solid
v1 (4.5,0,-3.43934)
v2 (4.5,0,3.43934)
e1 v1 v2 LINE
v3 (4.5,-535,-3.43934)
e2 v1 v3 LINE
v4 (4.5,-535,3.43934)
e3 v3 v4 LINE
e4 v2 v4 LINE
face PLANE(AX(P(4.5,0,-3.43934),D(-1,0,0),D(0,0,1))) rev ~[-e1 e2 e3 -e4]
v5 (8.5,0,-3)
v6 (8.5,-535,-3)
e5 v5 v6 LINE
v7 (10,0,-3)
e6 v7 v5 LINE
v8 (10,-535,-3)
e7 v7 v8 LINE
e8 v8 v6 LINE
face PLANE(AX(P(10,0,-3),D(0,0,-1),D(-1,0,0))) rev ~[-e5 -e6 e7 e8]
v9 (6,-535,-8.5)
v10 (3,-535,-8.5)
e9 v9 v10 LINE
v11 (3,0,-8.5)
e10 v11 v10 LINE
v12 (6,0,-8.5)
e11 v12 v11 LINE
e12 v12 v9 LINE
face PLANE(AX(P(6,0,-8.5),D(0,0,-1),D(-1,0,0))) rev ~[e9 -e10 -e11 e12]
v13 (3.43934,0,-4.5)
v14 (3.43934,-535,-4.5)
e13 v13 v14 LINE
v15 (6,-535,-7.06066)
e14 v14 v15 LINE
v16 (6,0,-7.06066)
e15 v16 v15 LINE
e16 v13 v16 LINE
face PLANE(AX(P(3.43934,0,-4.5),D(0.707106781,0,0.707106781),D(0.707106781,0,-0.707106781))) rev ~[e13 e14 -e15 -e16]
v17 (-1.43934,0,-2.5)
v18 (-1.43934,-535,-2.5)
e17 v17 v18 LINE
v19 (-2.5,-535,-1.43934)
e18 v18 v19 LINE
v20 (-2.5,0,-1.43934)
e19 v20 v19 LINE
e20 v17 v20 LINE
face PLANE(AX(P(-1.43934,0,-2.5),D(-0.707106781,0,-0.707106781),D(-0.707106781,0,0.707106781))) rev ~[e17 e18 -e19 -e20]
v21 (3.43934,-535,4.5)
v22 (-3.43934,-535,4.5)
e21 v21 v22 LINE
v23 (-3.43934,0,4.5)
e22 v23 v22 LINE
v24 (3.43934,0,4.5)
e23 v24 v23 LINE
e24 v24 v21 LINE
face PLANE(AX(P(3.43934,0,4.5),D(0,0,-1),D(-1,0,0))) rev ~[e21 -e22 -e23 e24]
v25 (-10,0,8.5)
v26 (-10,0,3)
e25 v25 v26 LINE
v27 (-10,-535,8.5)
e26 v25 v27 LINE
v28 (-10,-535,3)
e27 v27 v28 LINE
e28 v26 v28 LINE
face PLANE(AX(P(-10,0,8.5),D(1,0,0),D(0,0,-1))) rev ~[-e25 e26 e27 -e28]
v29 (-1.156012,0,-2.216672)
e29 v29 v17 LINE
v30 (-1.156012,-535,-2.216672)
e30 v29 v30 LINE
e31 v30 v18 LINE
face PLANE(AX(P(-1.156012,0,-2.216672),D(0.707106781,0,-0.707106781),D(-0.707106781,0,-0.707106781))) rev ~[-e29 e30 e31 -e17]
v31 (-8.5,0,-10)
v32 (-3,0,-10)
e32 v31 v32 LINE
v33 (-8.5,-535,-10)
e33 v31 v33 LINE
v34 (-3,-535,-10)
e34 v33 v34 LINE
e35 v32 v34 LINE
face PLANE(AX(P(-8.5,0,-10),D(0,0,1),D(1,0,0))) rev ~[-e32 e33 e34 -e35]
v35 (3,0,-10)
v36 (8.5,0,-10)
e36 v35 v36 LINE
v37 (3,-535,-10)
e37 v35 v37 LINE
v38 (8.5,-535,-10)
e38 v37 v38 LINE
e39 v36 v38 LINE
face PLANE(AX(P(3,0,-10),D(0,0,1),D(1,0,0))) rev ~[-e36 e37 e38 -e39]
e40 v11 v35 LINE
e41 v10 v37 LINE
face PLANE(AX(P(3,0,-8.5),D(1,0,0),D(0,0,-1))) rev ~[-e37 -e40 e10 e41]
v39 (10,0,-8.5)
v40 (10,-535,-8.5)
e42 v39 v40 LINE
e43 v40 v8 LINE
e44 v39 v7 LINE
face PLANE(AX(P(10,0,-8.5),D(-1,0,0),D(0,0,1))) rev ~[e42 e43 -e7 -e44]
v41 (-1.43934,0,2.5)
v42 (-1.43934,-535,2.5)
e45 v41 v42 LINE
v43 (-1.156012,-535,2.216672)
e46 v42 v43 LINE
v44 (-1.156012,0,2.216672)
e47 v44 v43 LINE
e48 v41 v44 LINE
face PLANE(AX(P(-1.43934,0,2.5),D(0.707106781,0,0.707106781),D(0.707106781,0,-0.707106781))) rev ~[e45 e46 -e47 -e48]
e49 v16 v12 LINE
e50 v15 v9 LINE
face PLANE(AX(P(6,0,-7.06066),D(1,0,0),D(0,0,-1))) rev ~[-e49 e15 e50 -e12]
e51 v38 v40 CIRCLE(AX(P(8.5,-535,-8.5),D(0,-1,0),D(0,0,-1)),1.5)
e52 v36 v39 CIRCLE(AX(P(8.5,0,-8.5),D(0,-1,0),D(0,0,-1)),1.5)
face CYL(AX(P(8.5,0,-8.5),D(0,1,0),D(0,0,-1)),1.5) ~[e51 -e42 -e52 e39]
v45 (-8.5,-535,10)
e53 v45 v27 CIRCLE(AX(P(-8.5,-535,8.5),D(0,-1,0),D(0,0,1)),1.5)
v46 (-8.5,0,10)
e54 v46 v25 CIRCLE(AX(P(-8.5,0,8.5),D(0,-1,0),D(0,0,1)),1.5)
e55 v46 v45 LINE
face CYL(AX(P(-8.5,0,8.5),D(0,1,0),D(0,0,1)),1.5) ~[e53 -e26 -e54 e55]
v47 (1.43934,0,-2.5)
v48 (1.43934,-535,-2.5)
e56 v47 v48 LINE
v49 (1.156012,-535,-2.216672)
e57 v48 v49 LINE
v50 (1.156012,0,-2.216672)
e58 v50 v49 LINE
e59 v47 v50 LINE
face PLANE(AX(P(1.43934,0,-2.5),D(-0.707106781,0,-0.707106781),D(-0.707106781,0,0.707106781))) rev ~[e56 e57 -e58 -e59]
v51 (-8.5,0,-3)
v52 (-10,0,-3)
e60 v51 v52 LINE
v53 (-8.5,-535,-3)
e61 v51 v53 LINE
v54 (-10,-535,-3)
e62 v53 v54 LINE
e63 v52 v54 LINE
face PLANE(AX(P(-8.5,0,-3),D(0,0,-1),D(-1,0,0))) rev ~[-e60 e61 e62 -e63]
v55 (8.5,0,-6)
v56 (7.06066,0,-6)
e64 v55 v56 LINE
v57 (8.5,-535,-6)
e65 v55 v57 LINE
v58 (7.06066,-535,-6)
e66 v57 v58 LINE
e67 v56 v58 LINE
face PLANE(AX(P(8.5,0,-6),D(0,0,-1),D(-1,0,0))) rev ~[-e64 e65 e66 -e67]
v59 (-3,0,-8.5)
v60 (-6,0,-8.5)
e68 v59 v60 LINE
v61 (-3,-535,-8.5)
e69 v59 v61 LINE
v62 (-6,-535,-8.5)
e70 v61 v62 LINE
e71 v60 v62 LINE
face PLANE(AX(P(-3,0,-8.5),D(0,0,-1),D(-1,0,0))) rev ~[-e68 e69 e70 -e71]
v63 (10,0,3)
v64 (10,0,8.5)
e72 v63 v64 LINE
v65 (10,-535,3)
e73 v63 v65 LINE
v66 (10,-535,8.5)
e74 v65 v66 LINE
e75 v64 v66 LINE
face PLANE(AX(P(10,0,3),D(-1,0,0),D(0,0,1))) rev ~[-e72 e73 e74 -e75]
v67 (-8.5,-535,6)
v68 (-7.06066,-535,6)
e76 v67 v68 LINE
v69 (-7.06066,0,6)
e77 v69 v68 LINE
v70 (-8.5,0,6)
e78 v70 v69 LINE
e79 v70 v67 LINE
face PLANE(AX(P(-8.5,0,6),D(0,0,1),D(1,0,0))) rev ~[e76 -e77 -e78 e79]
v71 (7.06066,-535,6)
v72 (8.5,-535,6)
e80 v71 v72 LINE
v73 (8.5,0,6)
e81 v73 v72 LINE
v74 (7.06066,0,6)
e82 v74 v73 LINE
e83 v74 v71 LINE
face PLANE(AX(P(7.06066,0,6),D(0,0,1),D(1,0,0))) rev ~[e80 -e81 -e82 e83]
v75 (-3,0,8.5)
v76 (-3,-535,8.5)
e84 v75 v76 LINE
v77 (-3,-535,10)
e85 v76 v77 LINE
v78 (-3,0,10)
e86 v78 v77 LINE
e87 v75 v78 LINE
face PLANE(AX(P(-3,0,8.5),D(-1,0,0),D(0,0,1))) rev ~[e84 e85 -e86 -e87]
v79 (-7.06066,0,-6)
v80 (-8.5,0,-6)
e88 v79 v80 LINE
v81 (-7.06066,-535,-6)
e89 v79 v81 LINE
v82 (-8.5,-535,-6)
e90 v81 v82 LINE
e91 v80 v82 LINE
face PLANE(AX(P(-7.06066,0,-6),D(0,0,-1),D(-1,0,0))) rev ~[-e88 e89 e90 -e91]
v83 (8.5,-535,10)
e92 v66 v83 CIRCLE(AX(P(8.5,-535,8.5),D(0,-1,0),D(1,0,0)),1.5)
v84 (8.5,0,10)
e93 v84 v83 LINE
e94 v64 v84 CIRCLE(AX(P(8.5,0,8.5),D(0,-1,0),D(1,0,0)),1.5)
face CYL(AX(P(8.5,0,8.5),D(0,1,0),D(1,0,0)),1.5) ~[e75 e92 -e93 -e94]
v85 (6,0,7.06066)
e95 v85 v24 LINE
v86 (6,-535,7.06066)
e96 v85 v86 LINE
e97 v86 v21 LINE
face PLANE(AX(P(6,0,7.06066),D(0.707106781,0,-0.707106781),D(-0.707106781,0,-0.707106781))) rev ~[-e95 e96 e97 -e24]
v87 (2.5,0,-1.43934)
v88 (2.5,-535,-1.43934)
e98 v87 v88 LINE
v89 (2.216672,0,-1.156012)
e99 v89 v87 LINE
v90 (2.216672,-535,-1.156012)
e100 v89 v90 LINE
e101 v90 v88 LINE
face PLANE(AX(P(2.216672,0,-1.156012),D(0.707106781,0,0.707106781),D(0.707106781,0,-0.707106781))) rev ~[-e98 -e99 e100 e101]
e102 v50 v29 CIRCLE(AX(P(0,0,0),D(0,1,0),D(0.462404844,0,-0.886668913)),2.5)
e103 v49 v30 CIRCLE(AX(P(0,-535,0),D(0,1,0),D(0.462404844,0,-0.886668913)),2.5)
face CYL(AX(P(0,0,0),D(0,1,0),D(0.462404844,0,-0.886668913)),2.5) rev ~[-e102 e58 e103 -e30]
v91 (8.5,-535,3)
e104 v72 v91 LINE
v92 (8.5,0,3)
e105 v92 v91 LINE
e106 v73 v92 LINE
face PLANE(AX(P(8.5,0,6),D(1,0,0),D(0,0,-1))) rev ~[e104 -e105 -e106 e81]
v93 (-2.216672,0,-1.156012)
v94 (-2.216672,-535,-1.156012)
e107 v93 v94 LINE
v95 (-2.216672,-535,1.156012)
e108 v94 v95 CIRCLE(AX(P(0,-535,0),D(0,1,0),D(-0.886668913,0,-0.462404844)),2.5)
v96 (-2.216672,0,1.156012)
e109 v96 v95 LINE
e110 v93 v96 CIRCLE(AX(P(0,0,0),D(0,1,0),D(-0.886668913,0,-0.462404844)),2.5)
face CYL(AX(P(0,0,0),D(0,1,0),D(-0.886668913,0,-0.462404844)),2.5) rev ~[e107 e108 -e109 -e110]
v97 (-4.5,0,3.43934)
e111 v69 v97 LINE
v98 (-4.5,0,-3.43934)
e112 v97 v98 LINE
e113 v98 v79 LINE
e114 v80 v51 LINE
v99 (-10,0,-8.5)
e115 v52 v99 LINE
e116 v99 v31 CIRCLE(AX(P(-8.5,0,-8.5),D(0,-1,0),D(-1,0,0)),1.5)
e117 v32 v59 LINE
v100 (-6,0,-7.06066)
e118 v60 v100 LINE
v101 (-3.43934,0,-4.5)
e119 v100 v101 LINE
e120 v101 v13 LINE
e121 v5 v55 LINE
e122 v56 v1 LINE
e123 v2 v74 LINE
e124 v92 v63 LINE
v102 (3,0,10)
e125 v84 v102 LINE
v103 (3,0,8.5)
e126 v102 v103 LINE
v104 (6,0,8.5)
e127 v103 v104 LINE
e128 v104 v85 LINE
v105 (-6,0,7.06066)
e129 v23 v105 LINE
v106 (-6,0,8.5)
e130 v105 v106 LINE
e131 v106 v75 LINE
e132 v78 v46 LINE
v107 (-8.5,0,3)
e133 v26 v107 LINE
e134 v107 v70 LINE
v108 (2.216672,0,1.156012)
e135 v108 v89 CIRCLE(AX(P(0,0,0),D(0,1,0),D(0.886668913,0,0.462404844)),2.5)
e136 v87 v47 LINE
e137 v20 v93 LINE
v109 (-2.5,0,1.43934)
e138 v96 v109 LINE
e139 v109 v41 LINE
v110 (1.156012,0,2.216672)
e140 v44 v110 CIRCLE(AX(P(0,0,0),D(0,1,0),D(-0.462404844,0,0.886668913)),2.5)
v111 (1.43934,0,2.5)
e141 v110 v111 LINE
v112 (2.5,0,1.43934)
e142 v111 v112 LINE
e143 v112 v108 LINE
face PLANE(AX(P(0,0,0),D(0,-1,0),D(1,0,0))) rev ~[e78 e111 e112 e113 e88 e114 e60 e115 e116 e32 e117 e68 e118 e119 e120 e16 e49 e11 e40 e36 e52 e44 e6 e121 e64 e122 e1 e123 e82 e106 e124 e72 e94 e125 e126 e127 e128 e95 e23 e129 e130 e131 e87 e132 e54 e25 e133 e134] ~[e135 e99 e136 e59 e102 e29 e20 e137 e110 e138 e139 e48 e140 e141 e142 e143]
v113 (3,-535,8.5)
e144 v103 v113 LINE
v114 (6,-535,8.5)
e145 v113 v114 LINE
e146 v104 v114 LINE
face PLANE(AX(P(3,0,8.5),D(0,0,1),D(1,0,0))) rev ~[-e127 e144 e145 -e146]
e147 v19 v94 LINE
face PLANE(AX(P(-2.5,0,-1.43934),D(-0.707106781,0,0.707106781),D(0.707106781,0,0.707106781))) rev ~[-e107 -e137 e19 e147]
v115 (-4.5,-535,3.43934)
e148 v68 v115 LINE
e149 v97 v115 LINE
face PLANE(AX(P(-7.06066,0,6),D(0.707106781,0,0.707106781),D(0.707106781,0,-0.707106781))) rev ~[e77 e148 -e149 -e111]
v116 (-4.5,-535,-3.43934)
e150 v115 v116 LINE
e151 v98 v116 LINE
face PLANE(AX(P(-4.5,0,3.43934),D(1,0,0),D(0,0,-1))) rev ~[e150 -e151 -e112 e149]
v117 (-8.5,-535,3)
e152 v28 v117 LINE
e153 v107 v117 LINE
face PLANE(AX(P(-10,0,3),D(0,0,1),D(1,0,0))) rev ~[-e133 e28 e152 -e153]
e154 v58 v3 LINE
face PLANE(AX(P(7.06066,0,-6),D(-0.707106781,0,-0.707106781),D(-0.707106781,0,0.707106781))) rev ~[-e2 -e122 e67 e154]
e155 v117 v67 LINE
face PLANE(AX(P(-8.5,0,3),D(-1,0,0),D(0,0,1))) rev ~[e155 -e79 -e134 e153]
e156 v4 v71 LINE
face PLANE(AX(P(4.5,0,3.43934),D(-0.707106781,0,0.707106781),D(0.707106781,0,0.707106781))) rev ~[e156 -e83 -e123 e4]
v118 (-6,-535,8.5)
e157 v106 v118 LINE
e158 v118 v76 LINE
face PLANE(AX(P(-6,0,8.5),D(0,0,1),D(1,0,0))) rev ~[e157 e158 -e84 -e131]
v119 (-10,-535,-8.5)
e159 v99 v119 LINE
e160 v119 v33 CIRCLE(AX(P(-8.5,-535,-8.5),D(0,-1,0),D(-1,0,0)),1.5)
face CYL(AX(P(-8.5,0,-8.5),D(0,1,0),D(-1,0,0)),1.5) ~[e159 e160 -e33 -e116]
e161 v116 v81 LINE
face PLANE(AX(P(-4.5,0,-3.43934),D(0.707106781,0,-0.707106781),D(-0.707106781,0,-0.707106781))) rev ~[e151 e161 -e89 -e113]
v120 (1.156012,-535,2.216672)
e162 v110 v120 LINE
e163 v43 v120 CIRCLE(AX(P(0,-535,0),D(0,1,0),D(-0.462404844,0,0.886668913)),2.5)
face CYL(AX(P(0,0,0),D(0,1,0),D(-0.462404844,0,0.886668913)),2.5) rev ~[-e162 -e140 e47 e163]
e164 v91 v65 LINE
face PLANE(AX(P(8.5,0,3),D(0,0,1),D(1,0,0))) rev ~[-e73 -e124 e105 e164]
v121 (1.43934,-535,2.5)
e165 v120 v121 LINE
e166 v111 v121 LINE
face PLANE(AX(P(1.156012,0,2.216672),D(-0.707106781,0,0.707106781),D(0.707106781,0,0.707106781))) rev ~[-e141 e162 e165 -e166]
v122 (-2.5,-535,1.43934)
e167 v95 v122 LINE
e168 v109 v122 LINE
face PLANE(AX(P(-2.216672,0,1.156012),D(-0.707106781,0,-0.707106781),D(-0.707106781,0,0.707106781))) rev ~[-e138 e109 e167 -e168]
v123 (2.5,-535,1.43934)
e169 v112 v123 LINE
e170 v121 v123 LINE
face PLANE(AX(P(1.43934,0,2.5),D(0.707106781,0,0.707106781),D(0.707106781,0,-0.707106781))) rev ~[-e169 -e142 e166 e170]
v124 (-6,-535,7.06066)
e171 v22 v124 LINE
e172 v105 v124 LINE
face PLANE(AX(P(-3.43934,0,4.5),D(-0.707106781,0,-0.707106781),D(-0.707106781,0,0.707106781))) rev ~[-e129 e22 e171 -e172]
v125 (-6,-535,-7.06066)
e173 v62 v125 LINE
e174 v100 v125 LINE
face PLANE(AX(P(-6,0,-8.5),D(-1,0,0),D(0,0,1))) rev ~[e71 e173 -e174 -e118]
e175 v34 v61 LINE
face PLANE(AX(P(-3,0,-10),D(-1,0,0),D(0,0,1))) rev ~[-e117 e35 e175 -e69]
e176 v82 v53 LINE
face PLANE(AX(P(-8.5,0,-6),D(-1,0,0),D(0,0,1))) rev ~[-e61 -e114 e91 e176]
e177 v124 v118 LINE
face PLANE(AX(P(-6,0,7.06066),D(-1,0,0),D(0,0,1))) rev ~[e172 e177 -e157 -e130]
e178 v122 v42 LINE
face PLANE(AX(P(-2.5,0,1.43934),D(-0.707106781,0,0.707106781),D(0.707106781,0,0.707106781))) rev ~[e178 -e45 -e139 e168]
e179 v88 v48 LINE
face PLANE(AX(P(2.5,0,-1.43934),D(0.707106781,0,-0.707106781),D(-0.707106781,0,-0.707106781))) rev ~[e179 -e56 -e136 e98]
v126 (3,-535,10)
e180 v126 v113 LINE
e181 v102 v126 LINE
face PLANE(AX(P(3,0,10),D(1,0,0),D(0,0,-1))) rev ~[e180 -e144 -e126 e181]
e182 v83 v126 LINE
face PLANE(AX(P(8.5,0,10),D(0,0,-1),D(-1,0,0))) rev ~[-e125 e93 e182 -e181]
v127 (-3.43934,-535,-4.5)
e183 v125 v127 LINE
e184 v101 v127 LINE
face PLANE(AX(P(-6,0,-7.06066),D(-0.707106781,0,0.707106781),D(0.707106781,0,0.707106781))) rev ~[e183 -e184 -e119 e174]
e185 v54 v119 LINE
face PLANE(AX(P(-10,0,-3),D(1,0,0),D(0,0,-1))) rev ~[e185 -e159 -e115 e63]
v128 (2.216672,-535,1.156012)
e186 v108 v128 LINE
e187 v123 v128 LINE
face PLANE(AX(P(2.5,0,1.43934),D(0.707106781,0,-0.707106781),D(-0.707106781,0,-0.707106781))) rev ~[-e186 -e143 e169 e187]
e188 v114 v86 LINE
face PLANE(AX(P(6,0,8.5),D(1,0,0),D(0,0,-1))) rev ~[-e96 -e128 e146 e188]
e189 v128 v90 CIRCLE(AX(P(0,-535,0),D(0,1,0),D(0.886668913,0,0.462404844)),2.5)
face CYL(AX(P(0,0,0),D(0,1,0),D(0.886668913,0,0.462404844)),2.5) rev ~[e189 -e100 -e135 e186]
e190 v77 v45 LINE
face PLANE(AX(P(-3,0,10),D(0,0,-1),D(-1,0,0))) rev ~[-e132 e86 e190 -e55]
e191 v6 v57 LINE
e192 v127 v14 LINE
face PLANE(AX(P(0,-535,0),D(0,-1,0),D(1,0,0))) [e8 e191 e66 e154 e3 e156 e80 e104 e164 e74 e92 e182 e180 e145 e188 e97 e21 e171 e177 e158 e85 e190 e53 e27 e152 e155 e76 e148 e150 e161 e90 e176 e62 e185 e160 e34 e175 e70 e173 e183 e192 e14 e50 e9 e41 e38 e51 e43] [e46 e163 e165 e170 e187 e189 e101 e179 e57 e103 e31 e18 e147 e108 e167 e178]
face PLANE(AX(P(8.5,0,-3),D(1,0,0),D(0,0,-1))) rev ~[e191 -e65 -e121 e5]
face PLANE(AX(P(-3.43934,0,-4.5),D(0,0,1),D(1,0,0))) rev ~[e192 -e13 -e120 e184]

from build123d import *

# Parameters (mm, degrees)
F1_DEPTH = 535


with BuildPart() as f1:
    # F0 (on Front) → F1 (new body)
    with BuildSketch(Plane.XZ):
        with BuildLine():
            Line((3, -10), (8.5, -10))
            ThreePointArc((8.5, -10), (9.5606601718, -9.5606601718), (10, -8.5))
            Line((10, -8.5), (10, -3))
            Line((10, -3), (8.5, -3))
            Line((8.5, -3), (8.5, -6))
            Line((8.5, -6), (7.0606601718, -6))
            Line((7.0606601718, -6), (4.5, -3.4393398282))
            Line((4.5, -3.4393398282), (4.5, 3.4393398282))
            Line((4.5, 3.4393398282), (7.0606601718, 6))
            Line((7.0606601718, 6), (8.5, 6))
            Line((8.5, 6), (8.5, 3))
            Line((8.5, 3), (10, 3))
            Line((10, 3), (10, 8.5))
            ThreePointArc((10, 8.5), (9.5606601718, 9.5606601718), (8.5, 10))
            Line((8.5, 10), (3, 10))
            Line((3, 10), (3, 8.5))
            Line((3, 8.5), (6, 8.5))
            Line((6, 8.5), (6, 7.0606601718))
            Line((6, 7.0606601718), (3.4393398282, 4.5))
            Line((3.4393398282, 4.5), (-3.4393398282, 4.5))
            Line((-3.4393398282, 4.5), (-6, 7.0606601718))
            Line((-6, 7.0606601718), (-6, 8.5))
            Line((-6, 8.5), (-3, 8.5))
            Line((-3, 8.5), (-3, 10))
            Line((-3, 10), (-8.5, 10))
            ThreePointArc((-8.5, 10), (-9.5606601718, 9.5606601718), (-10, 8.5))
            Line((-10, 8.5), (-10, 3))
            Line((-10, 3), (-8.5, 3))
            Line((-8.5, 3), (-8.5, 6))
            Line((-8.5, 6), (-7.0606601718, 6))
            Line((-7.0606601718, 6), (-4.5, 3.4393398282))
            Line((-4.5, 3.4393398282), (-4.5, -3.4393398282))
            Line((-4.5, -3.4393398282), (-7.0606601718, -6))
            Line((-7.0606601718, -6), (-8.5, -6))
            Line((-8.5, -6), (-8.5, -3))
            Line((-8.5, -3), (-10, -3))
            Line((-10, -3), (-10, -8.5))
            ThreePointArc((-10, -8.5), (-9.5606601718, -9.5606601718), (-8.5, -10))
            Line((-8.5, -10), (-3, -10))
            Line((-3, -10), (-3, -8.5))
            Line((-3, -8.5), (-6, -8.5))
            Line((-6, -8.5), (-6, -7.0606601718))
            Line((-6, -7.0606601718), (-3.4393398282, -4.5))
            Line((-3.4393398282, -4.5), (3.4393398282, -4.5))
            Line((3.4393398282, -4.5), (6, -7.0606601718))
            Line((6, -7.0606601718), (6, -8.5))
            Line((6, -8.5), (3, -8.5))
            Line((3, -8.5), (3, -10))
        make_face()
        with BuildLine():
            ThreePointArc((-1.1560121095, 2.2166722813), (0, 2.5), (1.1560121095, 2.2166722813))
            Line((1.1560121095, 2.2166722813), (1.4393398282, 2.5))
            Line((1.4393398282, 2.5), (2.5, 1.4393398282))
            Line((2.5, 1.4393398282), (2.2166722813, 1.1560121095))
            ThreePointArc((2.2166722813, 1.1560121095), (2.5, 0), (2.2166722813, -1.1560121095))
            Line((2.2166722813, -1.1560121095), (2.5, -1.4393398282))
            Line((2.5, -1.4393398282), (1.4393398282, -2.5))
            Line((1.4393398282, -2.5), (1.1560121095, -2.2166722813))
            ThreePointArc((1.1560121095, -2.2166722813), (0, -2.5), (-1.1560121095, -2.2166722813))
            Line((-1.1560121095, -2.2166722813), (-1.4393398282, -2.5))
            Line((-1.4393398282, -2.5), (-2.5, -1.4393398282))
            Line((-2.5, -1.4393398282), (-2.2166722813, -1.1560121095))
            ThreePointArc((-2.2166722813, -1.1560121095), (-2.5, 0), (-2.2166722813, 1.1560121095))
            Line((-2.2166722813, 1.1560121095), (-2.5, 1.4393398282))
            Line((-2.5, 1.4393398282), (-1.4393398282, 2.5))
            Line((-1.4393398282, 2.5), (-1.1560121095, 2.2166722813))
        make_face(mode=Mode.SUBTRACT)
    extrude(amount=F1_DEPTH)


solid = f1.part
